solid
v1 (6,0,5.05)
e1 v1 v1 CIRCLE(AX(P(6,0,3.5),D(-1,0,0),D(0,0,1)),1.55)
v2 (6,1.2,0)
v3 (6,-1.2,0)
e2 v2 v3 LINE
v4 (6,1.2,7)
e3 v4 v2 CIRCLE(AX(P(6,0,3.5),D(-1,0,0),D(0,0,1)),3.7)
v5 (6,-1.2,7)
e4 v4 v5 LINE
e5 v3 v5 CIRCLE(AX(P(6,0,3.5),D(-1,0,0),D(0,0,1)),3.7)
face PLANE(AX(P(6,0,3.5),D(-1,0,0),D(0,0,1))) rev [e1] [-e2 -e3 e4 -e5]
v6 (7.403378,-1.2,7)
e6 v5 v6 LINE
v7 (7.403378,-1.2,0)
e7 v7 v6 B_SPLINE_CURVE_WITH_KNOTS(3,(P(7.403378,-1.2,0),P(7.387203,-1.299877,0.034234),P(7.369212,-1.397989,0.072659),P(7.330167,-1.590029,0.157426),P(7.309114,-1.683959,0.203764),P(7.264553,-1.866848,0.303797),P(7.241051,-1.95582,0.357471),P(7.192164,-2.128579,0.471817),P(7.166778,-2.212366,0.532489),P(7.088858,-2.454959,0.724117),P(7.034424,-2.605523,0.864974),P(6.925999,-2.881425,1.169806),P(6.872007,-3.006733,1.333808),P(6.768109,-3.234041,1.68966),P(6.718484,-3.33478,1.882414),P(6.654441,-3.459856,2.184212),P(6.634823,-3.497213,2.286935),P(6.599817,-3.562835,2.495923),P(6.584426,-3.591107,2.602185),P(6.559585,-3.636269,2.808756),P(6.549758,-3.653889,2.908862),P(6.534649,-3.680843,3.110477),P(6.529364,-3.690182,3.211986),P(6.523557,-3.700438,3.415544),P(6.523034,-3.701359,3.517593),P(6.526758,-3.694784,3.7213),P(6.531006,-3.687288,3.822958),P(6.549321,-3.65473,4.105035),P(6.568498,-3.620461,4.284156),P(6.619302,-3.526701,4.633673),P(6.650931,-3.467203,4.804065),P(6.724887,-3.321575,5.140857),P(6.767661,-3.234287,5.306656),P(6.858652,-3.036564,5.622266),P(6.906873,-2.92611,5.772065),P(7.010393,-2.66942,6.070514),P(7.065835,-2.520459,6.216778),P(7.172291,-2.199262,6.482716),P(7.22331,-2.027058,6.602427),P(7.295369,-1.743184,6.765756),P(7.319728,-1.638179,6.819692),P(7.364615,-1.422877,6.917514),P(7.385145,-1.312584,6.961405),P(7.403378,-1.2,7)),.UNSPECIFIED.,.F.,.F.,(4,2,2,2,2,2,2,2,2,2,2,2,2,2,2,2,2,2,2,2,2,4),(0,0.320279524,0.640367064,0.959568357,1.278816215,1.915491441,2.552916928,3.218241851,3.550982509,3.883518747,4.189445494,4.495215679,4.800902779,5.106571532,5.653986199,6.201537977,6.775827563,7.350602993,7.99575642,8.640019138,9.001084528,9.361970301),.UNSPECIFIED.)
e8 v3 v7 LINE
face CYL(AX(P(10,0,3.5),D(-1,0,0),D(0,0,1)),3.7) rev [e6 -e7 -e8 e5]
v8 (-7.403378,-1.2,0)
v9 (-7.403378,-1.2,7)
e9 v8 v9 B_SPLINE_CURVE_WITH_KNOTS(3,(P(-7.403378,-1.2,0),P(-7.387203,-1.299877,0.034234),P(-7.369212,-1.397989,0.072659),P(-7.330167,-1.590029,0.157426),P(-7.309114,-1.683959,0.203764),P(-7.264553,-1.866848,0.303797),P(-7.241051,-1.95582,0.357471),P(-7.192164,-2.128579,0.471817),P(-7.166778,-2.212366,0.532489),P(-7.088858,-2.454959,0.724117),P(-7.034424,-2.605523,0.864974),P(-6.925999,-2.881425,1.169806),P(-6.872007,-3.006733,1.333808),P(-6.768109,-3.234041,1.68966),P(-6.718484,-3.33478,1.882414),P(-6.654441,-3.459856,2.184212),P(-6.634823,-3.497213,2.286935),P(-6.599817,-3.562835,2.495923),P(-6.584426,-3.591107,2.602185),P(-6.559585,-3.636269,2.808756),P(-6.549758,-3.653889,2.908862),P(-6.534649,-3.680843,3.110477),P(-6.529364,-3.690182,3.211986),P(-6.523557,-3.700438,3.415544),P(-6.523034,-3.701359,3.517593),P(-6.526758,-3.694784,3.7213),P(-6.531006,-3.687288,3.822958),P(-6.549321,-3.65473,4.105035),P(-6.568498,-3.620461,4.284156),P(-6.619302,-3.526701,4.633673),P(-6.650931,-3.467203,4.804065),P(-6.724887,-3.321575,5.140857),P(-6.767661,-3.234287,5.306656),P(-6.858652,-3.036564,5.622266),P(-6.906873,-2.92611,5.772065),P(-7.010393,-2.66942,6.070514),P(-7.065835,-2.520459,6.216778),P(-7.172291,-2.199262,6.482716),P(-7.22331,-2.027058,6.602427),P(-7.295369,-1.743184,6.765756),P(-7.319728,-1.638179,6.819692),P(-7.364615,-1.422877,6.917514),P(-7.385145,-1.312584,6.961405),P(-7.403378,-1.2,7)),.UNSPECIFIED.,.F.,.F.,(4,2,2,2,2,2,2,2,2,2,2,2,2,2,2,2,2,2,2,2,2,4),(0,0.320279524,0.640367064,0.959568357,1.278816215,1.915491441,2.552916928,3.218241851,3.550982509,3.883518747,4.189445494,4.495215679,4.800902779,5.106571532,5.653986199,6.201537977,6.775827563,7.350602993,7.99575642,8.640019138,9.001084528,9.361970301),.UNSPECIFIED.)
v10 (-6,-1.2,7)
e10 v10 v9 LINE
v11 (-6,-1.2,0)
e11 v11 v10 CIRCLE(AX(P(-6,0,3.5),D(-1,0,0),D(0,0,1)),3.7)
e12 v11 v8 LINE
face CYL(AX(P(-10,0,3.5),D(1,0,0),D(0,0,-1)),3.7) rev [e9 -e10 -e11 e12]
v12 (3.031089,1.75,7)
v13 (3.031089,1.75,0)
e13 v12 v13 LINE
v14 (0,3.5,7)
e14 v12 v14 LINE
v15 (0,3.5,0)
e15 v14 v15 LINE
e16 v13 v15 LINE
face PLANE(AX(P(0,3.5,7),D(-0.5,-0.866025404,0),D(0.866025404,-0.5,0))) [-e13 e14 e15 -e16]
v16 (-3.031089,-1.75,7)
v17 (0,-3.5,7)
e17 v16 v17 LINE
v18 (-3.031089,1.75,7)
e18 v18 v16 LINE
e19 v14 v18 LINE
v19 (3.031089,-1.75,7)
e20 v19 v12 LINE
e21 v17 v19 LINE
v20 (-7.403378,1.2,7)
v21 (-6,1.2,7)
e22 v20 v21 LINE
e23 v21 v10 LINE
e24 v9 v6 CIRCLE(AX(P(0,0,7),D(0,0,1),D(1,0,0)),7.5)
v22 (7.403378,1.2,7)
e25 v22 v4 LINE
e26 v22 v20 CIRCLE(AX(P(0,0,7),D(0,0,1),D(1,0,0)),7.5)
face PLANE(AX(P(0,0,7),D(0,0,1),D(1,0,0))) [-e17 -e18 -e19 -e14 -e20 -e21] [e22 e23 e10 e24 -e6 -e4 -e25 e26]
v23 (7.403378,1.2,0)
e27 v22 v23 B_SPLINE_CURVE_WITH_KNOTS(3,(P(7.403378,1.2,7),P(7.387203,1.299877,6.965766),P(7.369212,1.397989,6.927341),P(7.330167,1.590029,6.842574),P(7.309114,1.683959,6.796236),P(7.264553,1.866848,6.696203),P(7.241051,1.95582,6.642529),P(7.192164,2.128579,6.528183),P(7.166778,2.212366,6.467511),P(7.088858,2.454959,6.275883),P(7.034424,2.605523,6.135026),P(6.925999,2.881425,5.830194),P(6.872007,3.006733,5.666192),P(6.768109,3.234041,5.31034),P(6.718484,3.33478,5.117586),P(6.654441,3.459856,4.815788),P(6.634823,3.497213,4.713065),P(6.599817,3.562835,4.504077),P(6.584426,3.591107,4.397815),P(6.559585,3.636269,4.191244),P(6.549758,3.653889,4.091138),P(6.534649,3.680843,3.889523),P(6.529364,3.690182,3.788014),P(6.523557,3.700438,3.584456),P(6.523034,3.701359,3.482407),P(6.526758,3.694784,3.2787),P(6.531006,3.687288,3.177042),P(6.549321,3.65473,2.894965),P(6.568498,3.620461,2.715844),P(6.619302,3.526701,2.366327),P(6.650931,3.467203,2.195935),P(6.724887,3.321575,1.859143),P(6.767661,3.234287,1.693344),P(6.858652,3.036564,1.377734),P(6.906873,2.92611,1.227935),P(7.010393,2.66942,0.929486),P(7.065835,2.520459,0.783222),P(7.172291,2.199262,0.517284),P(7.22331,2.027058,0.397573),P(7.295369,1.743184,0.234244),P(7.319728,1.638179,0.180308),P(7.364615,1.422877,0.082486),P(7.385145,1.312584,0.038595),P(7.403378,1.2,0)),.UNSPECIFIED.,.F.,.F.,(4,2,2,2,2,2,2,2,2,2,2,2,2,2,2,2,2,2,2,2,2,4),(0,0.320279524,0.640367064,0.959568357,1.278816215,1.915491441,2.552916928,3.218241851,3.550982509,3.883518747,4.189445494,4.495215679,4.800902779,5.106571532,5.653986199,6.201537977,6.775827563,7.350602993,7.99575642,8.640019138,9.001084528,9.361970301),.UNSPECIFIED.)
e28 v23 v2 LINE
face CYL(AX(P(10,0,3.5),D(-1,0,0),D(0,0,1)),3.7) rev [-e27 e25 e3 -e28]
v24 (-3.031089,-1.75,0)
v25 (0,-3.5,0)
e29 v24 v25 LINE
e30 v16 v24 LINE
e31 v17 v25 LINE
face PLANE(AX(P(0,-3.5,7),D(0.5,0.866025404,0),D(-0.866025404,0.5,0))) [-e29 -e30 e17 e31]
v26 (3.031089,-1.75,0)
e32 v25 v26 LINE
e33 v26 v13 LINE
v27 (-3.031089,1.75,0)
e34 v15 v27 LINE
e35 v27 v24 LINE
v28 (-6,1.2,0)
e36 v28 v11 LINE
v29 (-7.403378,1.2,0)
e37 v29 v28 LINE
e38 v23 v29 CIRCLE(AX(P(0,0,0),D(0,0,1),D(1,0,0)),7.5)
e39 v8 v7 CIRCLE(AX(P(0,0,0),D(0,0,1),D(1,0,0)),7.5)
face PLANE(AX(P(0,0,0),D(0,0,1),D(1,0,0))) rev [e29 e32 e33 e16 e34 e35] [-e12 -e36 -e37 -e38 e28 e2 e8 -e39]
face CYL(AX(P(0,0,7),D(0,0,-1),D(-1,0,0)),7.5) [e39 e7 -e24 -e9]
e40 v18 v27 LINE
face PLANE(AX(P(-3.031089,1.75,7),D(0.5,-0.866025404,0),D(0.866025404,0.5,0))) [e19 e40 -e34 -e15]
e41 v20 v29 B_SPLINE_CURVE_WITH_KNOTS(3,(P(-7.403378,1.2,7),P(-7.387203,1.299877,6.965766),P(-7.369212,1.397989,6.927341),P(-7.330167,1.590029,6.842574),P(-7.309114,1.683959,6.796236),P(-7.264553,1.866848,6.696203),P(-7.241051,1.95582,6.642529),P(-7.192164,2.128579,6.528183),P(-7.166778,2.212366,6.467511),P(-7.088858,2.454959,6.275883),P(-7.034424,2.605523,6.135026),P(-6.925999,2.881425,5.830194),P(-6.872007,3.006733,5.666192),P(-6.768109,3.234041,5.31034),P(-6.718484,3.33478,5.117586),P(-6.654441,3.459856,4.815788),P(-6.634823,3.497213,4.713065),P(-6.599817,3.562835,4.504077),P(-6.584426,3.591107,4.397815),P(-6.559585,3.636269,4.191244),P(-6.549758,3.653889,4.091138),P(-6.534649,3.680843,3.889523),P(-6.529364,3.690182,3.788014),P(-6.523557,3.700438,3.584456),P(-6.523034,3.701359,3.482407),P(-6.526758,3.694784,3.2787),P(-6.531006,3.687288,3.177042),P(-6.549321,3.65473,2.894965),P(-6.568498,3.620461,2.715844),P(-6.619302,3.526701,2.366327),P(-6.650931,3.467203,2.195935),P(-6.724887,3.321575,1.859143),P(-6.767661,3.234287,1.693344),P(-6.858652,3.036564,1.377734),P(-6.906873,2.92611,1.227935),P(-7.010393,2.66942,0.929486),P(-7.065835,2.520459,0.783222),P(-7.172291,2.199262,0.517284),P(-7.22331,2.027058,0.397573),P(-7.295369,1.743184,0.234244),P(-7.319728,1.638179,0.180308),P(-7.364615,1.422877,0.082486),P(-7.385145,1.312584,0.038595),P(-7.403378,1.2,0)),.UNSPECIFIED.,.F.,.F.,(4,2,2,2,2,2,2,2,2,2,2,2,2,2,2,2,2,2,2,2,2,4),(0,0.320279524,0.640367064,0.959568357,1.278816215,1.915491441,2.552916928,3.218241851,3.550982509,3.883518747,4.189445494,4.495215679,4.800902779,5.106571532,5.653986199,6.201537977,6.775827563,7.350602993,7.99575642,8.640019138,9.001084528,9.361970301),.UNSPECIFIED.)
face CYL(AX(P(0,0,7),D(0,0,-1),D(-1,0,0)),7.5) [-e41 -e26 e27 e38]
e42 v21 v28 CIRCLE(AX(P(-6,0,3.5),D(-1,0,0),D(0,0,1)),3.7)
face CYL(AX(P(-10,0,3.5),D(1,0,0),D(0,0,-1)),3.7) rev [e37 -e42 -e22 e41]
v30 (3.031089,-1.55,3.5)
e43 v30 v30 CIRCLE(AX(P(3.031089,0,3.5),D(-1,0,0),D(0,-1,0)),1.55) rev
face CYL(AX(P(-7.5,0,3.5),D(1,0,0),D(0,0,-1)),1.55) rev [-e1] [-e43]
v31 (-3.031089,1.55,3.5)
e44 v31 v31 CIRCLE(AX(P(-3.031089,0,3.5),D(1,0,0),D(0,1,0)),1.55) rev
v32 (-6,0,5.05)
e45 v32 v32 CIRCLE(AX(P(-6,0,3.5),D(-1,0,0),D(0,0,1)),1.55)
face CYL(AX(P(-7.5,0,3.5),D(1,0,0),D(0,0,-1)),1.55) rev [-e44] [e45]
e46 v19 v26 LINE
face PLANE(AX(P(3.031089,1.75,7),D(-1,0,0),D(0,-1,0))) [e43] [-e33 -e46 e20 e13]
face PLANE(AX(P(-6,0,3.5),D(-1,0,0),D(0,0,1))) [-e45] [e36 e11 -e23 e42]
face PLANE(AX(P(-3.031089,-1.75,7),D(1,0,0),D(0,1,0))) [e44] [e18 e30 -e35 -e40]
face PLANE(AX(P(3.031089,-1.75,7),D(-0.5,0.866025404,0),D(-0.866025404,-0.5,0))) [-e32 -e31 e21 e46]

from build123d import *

# Parameters (mm, degrees)
SKETCH1_R               = 7.5
BOSS_EXTRUDE2_DEPTH     = 7
CUT_EXTRUDE1_DEPTH      = 7.5
CUT_EXTRUDE1_DEPTH_BACK = 7.5
SKETCH2_R               = 1.55
SKETCH4_R               = 3.7
CUT_EXTRUDE2_DEPTH      = 4
CUT_EXTRUDE3_START      = -4
SKETCH5_R               = 3.7
CUT_EXTRUDE3_DEPTH      = 4


with BuildPart() as part:
    # Sketch1 → Boss-Extrude2 (new body)
    with BuildSketch(Plane.XY):
        Circle(SKETCH1_R)
        Polygon((-3.031088913, 1.75), (0, 3.5), (3.031088913, 1.75), (3.031088913, -1.75), (0, -3.5), (-3.031088913, -1.75), align=None, mode=Mode.SUBTRACT)
    extrude(amount=BOSS_EXTRUDE2_DEPTH)

    # Sketch2 → Cut-Extrude1 (cut, two sides: drawn at the far end of the back side and taken through both)
    with BuildSketch(Plane.ZY.offset(-CUT_EXTRUDE1_DEPTH_BACK)):
        with Locations(Location((3.5, 0, 0), (0, 0, 180))):
            Circle(SKETCH2_R)
    extrude(amount=CUT_EXTRUDE1_DEPTH + CUT_EXTRUDE1_DEPTH_BACK, mode=Mode.SUBTRACT)

    # Sketch4 → Cut-Extrude2 (cut)
    with BuildSketch(Plane.ZY.offset(6)):
        with Locations((3.5, 0)):
            Circle(SKETCH4_R)
    extrude(amount=CUT_EXTRUDE2_DEPTH, mode=Mode.SUBTRACT)

    # Sketch5 → Cut-Extrude3 (cut)
    with BuildSketch(Plane.ZY.offset(-6).offset(CUT_EXTRUDE3_START)):
        with Locations((3.5, 0)):
            Circle(SKETCH5_R)
    extrude(amount=CUT_EXTRUDE3_DEPTH, mode=Mode.SUBTRACT)


solid = part.part
